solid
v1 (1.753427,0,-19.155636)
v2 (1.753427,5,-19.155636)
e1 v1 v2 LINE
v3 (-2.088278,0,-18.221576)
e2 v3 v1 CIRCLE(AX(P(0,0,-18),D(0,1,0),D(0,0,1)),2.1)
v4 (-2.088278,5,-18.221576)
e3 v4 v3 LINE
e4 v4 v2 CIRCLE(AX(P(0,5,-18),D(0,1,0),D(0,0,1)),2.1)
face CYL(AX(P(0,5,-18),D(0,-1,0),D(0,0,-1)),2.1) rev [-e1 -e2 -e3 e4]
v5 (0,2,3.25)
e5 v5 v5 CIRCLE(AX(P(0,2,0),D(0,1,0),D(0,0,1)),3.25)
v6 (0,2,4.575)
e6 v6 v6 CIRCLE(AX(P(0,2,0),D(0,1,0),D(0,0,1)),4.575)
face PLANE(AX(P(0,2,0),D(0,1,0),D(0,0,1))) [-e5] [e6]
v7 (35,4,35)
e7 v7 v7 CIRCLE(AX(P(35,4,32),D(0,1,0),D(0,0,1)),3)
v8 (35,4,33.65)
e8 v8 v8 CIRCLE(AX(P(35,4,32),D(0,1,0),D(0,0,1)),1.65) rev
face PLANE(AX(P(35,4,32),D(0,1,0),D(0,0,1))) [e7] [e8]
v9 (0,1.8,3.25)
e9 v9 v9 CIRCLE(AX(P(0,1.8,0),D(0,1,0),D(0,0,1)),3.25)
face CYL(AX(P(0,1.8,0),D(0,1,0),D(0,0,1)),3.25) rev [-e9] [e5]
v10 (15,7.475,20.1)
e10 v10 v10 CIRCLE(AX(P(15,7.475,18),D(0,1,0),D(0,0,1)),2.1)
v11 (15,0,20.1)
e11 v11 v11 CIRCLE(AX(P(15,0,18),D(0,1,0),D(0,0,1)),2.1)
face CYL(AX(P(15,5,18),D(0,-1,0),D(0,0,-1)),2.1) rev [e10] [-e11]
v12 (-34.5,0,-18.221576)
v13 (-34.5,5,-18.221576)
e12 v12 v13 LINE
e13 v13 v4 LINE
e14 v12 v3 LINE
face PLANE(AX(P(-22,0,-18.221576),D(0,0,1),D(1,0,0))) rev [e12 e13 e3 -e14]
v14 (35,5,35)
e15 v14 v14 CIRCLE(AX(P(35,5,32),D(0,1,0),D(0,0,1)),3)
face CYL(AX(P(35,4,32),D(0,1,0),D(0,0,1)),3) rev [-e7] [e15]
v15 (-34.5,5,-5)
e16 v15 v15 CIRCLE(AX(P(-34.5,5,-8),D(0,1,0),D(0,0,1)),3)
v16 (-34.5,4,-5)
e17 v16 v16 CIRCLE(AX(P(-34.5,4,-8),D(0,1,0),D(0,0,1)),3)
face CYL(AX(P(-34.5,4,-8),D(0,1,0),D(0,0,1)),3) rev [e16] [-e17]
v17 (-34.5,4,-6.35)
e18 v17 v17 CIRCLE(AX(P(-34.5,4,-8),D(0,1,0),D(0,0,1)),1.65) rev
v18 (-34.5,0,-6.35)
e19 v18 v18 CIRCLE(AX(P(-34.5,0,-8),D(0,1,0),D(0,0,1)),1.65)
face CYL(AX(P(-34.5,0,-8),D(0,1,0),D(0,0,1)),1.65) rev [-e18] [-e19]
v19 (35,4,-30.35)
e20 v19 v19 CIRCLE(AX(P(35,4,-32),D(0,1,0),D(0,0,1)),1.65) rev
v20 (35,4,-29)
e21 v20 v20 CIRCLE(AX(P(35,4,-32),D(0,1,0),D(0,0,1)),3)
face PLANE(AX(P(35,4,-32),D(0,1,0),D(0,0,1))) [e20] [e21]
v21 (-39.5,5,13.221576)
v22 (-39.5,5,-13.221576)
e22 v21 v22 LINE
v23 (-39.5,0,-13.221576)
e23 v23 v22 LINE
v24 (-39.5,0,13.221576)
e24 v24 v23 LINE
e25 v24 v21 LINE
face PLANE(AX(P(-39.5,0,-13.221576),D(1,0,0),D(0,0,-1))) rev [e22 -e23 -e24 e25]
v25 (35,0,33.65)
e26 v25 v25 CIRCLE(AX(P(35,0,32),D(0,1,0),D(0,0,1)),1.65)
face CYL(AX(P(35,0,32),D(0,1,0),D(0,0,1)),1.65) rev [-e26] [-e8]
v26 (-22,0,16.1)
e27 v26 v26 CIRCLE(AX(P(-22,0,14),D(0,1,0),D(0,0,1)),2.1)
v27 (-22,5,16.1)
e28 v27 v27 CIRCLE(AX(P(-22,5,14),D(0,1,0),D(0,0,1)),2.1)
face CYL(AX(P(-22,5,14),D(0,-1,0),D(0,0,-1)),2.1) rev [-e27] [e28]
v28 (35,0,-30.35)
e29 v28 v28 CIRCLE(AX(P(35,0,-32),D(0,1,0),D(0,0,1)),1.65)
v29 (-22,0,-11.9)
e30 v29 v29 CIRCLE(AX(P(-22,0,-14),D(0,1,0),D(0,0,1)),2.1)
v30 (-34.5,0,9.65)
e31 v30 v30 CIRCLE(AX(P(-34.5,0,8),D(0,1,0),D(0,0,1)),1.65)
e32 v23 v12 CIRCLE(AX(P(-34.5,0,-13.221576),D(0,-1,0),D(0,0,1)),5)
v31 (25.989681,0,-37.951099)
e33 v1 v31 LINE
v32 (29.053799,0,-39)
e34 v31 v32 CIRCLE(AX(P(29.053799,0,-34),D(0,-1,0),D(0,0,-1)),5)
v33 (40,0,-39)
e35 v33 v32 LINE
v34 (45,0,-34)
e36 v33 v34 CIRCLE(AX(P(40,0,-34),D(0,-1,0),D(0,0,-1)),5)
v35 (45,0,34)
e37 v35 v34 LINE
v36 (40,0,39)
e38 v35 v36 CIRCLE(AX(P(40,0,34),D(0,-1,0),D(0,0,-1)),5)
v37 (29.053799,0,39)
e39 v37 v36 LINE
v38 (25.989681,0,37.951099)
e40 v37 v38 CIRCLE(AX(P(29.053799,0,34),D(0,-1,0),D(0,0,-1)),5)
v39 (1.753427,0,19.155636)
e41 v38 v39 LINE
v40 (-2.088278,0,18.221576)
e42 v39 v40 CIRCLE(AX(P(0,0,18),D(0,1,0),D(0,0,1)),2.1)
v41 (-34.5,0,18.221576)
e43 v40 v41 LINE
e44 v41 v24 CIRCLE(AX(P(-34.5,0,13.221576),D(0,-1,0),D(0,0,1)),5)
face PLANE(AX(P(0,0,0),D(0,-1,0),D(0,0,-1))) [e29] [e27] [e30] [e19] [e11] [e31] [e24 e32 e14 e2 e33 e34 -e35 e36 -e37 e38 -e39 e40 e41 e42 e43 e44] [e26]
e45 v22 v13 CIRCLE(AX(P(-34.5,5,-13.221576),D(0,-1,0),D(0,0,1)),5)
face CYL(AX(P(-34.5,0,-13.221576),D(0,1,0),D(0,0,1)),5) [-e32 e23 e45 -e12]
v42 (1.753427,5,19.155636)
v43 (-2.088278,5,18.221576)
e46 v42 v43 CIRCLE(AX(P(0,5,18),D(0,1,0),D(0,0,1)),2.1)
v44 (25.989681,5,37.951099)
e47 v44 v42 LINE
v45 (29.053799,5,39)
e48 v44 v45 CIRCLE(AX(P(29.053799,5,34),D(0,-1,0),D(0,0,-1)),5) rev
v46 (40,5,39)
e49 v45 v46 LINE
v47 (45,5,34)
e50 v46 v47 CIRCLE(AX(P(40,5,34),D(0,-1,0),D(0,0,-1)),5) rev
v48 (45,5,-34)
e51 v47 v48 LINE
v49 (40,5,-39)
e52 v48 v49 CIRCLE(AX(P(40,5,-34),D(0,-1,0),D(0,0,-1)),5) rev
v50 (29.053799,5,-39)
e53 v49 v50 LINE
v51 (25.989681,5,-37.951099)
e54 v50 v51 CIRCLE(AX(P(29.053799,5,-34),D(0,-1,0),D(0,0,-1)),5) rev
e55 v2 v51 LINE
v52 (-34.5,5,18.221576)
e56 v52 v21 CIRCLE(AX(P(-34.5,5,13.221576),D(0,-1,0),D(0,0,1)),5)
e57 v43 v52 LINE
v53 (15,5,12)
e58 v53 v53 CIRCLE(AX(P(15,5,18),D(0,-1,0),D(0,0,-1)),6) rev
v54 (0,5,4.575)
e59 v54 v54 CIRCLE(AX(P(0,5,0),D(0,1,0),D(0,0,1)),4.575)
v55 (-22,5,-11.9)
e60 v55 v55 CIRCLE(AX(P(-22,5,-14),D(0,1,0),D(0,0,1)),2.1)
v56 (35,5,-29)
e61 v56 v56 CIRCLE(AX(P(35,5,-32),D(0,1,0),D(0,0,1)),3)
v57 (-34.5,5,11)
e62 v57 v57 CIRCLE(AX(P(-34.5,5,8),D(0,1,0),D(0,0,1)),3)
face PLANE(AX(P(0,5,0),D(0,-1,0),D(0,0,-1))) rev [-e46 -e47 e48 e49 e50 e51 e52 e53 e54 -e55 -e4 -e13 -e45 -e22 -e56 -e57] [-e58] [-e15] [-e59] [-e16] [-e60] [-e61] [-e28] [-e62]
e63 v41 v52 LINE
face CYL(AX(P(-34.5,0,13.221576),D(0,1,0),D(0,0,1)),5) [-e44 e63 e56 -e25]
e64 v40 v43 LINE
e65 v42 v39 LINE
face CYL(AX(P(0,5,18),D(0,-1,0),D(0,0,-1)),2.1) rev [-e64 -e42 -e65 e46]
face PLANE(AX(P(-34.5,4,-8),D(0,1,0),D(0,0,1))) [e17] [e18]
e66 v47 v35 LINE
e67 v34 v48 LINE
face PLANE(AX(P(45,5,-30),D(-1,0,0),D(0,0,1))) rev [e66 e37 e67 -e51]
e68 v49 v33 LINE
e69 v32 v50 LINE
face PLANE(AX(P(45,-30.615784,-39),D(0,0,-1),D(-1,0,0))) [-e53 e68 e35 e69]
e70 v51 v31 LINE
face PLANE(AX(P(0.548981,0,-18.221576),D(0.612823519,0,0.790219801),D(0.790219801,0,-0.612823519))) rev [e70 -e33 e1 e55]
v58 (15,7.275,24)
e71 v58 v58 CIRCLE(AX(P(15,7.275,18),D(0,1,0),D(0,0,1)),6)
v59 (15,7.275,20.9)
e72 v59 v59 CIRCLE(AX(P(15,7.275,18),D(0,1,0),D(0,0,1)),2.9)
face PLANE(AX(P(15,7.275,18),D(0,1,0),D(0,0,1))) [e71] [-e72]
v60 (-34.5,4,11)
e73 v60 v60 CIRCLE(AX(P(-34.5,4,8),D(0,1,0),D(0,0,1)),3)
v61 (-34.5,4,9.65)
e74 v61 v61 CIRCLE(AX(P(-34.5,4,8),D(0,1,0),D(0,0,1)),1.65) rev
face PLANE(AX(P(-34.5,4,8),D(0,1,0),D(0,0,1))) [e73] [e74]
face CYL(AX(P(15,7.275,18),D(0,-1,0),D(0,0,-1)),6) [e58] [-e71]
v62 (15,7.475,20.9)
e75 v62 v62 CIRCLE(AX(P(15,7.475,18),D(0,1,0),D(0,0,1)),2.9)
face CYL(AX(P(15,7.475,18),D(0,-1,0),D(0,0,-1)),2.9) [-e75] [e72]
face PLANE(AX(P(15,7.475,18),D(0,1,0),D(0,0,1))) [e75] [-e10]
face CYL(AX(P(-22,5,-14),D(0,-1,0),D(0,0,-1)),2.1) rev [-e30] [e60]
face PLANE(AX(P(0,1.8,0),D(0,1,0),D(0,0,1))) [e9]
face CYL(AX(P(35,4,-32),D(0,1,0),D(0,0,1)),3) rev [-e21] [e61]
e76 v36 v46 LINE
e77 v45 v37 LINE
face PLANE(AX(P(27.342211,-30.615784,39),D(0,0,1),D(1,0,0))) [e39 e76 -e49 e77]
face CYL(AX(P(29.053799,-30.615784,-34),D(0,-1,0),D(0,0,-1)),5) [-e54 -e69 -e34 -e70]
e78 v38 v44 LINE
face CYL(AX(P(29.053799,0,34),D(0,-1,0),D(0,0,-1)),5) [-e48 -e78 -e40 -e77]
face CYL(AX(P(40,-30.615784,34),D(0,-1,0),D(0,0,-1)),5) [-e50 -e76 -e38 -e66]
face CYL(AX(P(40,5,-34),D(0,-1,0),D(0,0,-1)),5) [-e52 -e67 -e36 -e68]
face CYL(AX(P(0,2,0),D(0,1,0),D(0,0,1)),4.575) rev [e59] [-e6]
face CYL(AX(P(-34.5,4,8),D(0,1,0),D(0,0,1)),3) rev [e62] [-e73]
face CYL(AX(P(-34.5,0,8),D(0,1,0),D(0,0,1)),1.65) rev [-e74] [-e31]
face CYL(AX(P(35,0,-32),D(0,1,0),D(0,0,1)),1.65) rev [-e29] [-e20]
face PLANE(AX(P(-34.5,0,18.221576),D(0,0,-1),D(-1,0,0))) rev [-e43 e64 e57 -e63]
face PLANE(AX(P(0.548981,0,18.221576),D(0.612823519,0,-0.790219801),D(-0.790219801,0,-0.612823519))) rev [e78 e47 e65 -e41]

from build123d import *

# Parameters (mm, degrees)
SKETCH1_W           = 115
SKETCH1_H           = 60
SKETCH1_R           = 2.1
BOSS_EXTRUDE1_DEPTH = 5
SKETCH2_R           = 4.575
CUT_EXTRUDE1_DEPTH  = 3
SKETCH3_R           = 3.25
CUT_EXTRUDE2_DEPTH  = 0.2
SKETCH4_R           = 1.65
CUT_EXTRUDE3_DEPTH  = 6
CUT_EXTRUDE4_DEPTH  = 6
BOSS_EXTRUDE2_DEPTH = 5
SKETCH8_R           = 1.65
CUT_EXTRUDE5_DEPTH  = 6
FILLET1_R           = 5
SKETCH9_R           = 6
SKETCH9_R_2         = 2.1
BOSS_EXTRUDE3_DEPTH = 2.275
SKETCH10_R          = 2.9
SKETCH10_R_2        = 2.1
BOSS_EXTRUDE4_DEPTH = 0.2
SKETCH11_R          = 3
CUT_EXTRUDE6_DEPTH  = 1


with BuildPart() as part:
    # Sketch1 → Boss-Extrude1 (new body)
    with BuildSketch(Plane(origin=(0, 0, 0), x_dir=(1, 0, 0), z_dir=(0, 1, 0))):
        with Locations((-12.5, 0)):
            Rectangle(SKETCH1_W, SKETCH1_H)
        with Locations((-22, 14)):
            Circle(SKETCH1_R, mode=Mode.SUBTRACT)
        with Locations((0, 18)):
            Circle(SKETCH1_R, mode=Mode.SUBTRACT)
        with Locations((0, -18)):
            Circle(SKETCH1_R, mode=Mode.SUBTRACT)
        with Locations((-22, -14)):
            Circle(SKETCH1_R, mode=Mode.SUBTRACT)
        with Locations((15, -18)):
            Circle(SKETCH1_R, mode=Mode.SUBTRACT)
    extrude(amount=BOSS_EXTRUDE1_DEPTH)

    # Sketch2 → Cut-Extrude1 (cut)
    with BuildSketch(Plane(origin=(0, 5, 0), x_dir=(1, 0, 0), z_dir=(0, 1, 0))):
        Circle(SKETCH2_R)
    extrude(amount=-CUT_EXTRUDE1_DEPTH, mode=Mode.SUBTRACT)

    # Sketch3 → Cut-Extrude2 (cut)
    with BuildSketch(Plane(origin=(0, 2, 0), x_dir=(1, 0, 0), z_dir=(0, 1, 0))):
        Circle(SKETCH3_R)
    extrude(amount=-CUT_EXTRUDE2_DEPTH, mode=Mode.SUBTRACT)

    # Sketch4 → Cut-Extrude3 (cut, through all)
    with BuildSketch(Plane(origin=(0, 5, 0), x_dir=(1, 0, 0), z_dir=(0, 1, 0))):
        with Locations((-34.5, -8)):
            Circle(SKETCH4_R)
        with Locations((-34.5, 8)):
            Circle(SKETCH4_R)
    extrude(amount=-CUT_EXTRUDE3_DEPTH, mode=Mode.SUBTRACT)

    # Sketch6 → Cut-Extrude4 (cut, through all)
    with BuildSketch(Plane(origin=(0, 5, 0), x_dir=(1, 0, 0), z_dir=(0, 1, 0))):
        with BuildLine():
            Line((-22, 18.221576202), (-34.5, 18.221576202))
            ThreePointArc((-34.5, 18.221576202), (-38.035533906, 16.757110108), (-39.5, 13.221576202))
            Line((-39.5, 13.221576202), (-39.5, -13.221576202))
            ThreePointArc((-39.5, -13.221576202), (-38.035533906, -16.757110108), (-34.5, -18.221576202))
            Line((-34.5, -18.221576202), (-22, -18.221576202))
            Line((-22, -18.221576202), (-8.297519941, -18.221576202))
            Line((-8.297519941, -18.221576202), (0.548980681, -18.221576202))
            Line((0.548980681, -18.221576202), (26.801199277, -38.580439602))
            Line((26.801199277, -38.580439602), (-22, -30))
            Line((-22, -30), (-70, -30))
            Line((-70, -30), (-70, 30))
            Line((-70, 30), (-22, 30))
            Line((-22, 30), (26.801199277, 38.580439602))
            Line((26.801199277, 38.580439602), (0.548980681, 18.221576202))
            Line((0.548980681, 18.221576202), (-8.297519941, 18.221576202))
            Line((-8.297519941, 18.221576202), (-22, 18.221576202))
        make_face()
    extrude(amount=-CUT_EXTRUDE4_DEPTH, mode=Mode.SUBTRACT)

    # Sketch7 → Boss-Extrude2 (add)
    with BuildSketch(Plane(origin=(0, 5, 0), x_dir=(1, 0, 0), z_dir=(0, 1, 0))):
        Polygon((27.342211368, 39), (15.73694821, 30), (45, 30), (45, 39), align=None)
        Polygon((45, -30), (15.73694821, -30), (27.342211368, -39), (45, -39), align=None)
    extrude(amount=-BOSS_EXTRUDE2_DEPTH)

    # Sketch8 → Cut-Extrude5 (cut, through all)
    with BuildSketch(Plane(origin=(0, 5, 0), x_dir=(1, 0, 0), z_dir=(0, 1, 0))):
        with Locations((35, 32)):
            Circle(SKETCH8_R)
        with Locations((35, -32)):
            Circle(SKETCH8_R)
    extrude(amount=-CUT_EXTRUDE5_DEPTH, mode=Mode.SUBTRACT)

    # Fillet1
    fillet1_edges = [part.edges().sort_by_distance(p)[0] for p in [
        (45, 2.5, -39),
        (27.342211368, 2.5, -39),
        (27.342211368, 2.5, 39),
        (45, 2.5, 39),
    ]]
    fillet(fillet1_edges, radius=FILLET1_R)

    # Sketch9 → Boss-Extrude3 (add)
    with BuildSketch(Plane(origin=(0, 5, 0), x_dir=(1, 0, 0), z_dir=(0, 1, 0))):
        with Locations((15, -18)):
            Circle(SKETCH9_R)
        with Locations((15, -18)):
            Circle(SKETCH9_R_2, mode=Mode.SUBTRACT)
    extrude(amount=BOSS_EXTRUDE3_DEPTH)

    # Sketch10 → Boss-Extrude4 (add)
    with BuildSketch(Plane(origin=(0, 7.275, 0), x_dir=(1, 0, 0), z_dir=(0, 1, 0))):
        with Locations((15, -18)):
            Circle(SKETCH10_R)
        with Locations((15, -18)):
            Circle(SKETCH10_R_2, mode=Mode.SUBTRACT)
    extrude(amount=BOSS_EXTRUDE4_DEPTH)

    # Sketch11 → Cut-Extrude6 (cut)
    with BuildSketch(Plane(origin=(0, 5, 0), x_dir=(1, 0, 0), z_dir=(0, 1, 0))):
        with Locations((-34.5, 8)):
            Circle(SKETCH11_R)
        with Locations((-34.5, -8)):
            Circle(SKETCH11_R)
        with Locations((35, -32)):
            Circle(SKETCH11_R)
        with Locations((35, 32)):
            Circle(SKETCH11_R)
    extrude(amount=-CUT_EXTRUDE6_DEPTH, mode=Mode.SUBTRACT)


solid = part.part
